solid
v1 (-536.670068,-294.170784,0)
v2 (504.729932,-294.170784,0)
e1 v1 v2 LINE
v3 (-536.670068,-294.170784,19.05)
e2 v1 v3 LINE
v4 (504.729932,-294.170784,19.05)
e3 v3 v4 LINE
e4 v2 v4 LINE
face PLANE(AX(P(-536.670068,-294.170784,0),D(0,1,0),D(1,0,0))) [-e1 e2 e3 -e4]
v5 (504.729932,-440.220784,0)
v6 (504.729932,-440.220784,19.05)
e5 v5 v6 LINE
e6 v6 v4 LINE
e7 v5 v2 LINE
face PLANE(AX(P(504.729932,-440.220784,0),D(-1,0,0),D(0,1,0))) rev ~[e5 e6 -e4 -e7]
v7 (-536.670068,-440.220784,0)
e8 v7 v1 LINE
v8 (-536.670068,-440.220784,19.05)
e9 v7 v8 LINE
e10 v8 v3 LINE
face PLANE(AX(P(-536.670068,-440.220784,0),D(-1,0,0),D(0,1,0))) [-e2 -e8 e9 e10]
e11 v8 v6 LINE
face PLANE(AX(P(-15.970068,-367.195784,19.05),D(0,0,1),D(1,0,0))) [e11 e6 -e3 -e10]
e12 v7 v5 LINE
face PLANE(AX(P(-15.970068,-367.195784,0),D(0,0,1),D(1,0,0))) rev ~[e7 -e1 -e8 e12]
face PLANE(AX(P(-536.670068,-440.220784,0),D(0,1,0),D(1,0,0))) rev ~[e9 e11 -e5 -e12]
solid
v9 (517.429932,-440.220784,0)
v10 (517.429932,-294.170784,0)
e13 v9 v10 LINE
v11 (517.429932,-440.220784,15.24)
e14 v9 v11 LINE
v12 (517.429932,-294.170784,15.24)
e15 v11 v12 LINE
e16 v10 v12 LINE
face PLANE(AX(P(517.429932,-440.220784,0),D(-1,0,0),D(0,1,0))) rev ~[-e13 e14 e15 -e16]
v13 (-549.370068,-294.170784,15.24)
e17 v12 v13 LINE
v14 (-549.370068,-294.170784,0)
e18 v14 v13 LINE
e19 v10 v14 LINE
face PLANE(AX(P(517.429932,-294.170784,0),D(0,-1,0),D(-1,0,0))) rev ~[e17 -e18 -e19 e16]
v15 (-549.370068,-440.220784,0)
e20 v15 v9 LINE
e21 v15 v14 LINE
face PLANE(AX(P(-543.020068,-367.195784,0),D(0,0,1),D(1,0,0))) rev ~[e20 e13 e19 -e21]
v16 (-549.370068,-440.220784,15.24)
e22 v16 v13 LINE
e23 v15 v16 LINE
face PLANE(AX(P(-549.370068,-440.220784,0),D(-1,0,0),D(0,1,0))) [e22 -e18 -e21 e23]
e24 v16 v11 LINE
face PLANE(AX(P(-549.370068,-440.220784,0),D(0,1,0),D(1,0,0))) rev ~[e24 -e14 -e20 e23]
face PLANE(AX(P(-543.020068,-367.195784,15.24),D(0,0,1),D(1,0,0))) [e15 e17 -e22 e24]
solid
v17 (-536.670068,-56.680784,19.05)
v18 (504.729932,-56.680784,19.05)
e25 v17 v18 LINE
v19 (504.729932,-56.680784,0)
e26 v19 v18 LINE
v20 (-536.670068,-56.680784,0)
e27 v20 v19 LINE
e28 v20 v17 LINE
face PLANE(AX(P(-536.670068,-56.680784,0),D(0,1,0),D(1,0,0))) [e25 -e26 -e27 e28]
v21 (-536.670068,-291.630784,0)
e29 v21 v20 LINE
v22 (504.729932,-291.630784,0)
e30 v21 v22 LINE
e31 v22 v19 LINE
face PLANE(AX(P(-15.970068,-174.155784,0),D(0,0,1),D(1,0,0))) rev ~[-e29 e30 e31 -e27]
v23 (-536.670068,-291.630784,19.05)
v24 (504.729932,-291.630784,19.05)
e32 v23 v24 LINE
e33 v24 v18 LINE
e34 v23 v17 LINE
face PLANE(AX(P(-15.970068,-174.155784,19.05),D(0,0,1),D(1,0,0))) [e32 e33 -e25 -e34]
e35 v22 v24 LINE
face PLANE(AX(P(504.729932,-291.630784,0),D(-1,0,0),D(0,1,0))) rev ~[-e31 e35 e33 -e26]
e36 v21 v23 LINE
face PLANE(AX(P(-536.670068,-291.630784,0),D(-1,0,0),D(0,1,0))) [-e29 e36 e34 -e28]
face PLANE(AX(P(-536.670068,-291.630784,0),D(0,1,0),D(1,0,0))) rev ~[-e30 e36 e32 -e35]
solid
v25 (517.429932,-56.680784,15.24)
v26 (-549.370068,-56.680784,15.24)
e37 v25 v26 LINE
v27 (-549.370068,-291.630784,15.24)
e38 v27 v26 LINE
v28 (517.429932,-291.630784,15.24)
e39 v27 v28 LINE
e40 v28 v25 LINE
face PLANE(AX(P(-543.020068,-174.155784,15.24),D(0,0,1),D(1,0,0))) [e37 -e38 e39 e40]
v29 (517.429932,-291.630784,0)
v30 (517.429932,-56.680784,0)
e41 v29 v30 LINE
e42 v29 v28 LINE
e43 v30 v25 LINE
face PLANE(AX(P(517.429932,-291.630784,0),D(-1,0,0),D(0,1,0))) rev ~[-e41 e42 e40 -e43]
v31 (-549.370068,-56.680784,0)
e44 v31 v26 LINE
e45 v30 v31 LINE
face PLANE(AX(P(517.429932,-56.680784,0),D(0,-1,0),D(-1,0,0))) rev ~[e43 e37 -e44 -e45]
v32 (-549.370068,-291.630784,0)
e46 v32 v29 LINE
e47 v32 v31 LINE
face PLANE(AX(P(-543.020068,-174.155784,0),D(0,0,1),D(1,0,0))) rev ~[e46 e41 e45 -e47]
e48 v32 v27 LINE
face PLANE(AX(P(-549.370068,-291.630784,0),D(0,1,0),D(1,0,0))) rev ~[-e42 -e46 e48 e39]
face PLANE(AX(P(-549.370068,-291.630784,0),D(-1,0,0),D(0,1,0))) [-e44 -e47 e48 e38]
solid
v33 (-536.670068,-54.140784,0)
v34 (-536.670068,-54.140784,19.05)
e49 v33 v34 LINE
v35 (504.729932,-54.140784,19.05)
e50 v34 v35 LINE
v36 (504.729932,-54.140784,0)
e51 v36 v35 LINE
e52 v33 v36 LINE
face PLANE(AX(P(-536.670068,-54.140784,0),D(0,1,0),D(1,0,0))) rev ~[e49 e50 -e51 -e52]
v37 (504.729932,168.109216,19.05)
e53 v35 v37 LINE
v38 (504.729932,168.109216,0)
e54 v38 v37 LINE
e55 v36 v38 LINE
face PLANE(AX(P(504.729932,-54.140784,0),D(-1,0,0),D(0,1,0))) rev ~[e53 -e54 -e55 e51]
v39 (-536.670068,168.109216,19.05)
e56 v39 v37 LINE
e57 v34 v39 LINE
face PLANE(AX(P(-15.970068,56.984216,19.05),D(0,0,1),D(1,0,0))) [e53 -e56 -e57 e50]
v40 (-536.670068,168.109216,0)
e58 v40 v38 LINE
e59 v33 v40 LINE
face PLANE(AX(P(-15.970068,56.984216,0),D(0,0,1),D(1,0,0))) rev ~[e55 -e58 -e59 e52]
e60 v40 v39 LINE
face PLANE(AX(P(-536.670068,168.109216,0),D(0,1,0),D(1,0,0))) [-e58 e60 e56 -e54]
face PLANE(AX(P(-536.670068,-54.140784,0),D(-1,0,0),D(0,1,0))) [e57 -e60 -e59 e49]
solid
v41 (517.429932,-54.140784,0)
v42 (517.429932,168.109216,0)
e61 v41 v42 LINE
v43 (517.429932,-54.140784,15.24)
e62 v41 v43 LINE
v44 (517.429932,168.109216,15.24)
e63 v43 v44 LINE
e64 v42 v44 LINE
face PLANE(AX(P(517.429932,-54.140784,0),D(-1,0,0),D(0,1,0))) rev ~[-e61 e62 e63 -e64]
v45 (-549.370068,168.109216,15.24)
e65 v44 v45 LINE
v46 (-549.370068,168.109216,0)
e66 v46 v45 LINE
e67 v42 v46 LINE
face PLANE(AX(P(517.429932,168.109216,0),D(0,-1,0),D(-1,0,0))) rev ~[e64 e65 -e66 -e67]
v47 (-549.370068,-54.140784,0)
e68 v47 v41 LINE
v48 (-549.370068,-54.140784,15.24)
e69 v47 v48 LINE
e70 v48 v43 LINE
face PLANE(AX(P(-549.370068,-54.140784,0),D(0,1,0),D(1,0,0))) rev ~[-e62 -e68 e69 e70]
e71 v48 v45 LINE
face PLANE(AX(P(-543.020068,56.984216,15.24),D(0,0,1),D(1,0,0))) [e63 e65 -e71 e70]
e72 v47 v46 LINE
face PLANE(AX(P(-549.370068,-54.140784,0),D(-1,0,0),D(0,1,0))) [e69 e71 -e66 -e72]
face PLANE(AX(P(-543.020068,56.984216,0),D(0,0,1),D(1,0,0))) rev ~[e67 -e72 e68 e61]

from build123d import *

# Parameters (mm, degrees)
F0_W     = 12.7
F0_H     = 234.95
F0_W_2   = 1041.4
F0_H_2   = 222.25
F0_H_3   = 146.05
F1_DEPTH = 15.24
F2_DEPTH = 19.05


with BuildPart() as f1:
    # F0 (on Top) → F1 (new body)
    with BuildSketch(Plane.XY):
        with Locations((-543.020068, -174.155784)):
            Rectangle(F0_W, F0_H)
        with Locations((-15.970068, -174.155784)):
            Rectangle(F0_W_2, F0_H)
        with Locations((511.079932, -174.155784)):
            Rectangle(F0_W, F0_H)
        with Locations((-543.020068, 56.984216)):
            Rectangle(F0_W, F0_H_2)
        with Locations((-15.970068, 56.984216)):
            Rectangle(F0_W_2, F0_H_2)
        with Locations((511.079932, 56.984216)):
            Rectangle(F0_W, F0_H_2)
        with Locations((-543.020068, -367.195784)):
            Rectangle(F0_W, F0_H_3)
        with Locations((-15.970068, -367.195784)):
            Rectangle(F0_W_2, F0_H_3)
        with Locations((511.079932, -367.195784)):
            Rectangle(F0_W, F0_H_3)
    extrude(amount=F1_DEPTH)


with BuildPart() as f2:
    # F0 (on Top) → F2 (new body)
    with BuildSketch(Plane.XY):
        with Locations((-15.970068, -367.195784)):
            Rectangle(F0_W_2, F0_H_3)
        with Locations((-15.970068, -174.155784)):
            Rectangle(F0_W_2, F0_H)
        with Locations((-15.970068, 56.984216)):
            Rectangle(F0_W_2, F0_H_2)
    extrude(amount=F2_DEPTH)


solid = Compound([f1.part, f2.part])
